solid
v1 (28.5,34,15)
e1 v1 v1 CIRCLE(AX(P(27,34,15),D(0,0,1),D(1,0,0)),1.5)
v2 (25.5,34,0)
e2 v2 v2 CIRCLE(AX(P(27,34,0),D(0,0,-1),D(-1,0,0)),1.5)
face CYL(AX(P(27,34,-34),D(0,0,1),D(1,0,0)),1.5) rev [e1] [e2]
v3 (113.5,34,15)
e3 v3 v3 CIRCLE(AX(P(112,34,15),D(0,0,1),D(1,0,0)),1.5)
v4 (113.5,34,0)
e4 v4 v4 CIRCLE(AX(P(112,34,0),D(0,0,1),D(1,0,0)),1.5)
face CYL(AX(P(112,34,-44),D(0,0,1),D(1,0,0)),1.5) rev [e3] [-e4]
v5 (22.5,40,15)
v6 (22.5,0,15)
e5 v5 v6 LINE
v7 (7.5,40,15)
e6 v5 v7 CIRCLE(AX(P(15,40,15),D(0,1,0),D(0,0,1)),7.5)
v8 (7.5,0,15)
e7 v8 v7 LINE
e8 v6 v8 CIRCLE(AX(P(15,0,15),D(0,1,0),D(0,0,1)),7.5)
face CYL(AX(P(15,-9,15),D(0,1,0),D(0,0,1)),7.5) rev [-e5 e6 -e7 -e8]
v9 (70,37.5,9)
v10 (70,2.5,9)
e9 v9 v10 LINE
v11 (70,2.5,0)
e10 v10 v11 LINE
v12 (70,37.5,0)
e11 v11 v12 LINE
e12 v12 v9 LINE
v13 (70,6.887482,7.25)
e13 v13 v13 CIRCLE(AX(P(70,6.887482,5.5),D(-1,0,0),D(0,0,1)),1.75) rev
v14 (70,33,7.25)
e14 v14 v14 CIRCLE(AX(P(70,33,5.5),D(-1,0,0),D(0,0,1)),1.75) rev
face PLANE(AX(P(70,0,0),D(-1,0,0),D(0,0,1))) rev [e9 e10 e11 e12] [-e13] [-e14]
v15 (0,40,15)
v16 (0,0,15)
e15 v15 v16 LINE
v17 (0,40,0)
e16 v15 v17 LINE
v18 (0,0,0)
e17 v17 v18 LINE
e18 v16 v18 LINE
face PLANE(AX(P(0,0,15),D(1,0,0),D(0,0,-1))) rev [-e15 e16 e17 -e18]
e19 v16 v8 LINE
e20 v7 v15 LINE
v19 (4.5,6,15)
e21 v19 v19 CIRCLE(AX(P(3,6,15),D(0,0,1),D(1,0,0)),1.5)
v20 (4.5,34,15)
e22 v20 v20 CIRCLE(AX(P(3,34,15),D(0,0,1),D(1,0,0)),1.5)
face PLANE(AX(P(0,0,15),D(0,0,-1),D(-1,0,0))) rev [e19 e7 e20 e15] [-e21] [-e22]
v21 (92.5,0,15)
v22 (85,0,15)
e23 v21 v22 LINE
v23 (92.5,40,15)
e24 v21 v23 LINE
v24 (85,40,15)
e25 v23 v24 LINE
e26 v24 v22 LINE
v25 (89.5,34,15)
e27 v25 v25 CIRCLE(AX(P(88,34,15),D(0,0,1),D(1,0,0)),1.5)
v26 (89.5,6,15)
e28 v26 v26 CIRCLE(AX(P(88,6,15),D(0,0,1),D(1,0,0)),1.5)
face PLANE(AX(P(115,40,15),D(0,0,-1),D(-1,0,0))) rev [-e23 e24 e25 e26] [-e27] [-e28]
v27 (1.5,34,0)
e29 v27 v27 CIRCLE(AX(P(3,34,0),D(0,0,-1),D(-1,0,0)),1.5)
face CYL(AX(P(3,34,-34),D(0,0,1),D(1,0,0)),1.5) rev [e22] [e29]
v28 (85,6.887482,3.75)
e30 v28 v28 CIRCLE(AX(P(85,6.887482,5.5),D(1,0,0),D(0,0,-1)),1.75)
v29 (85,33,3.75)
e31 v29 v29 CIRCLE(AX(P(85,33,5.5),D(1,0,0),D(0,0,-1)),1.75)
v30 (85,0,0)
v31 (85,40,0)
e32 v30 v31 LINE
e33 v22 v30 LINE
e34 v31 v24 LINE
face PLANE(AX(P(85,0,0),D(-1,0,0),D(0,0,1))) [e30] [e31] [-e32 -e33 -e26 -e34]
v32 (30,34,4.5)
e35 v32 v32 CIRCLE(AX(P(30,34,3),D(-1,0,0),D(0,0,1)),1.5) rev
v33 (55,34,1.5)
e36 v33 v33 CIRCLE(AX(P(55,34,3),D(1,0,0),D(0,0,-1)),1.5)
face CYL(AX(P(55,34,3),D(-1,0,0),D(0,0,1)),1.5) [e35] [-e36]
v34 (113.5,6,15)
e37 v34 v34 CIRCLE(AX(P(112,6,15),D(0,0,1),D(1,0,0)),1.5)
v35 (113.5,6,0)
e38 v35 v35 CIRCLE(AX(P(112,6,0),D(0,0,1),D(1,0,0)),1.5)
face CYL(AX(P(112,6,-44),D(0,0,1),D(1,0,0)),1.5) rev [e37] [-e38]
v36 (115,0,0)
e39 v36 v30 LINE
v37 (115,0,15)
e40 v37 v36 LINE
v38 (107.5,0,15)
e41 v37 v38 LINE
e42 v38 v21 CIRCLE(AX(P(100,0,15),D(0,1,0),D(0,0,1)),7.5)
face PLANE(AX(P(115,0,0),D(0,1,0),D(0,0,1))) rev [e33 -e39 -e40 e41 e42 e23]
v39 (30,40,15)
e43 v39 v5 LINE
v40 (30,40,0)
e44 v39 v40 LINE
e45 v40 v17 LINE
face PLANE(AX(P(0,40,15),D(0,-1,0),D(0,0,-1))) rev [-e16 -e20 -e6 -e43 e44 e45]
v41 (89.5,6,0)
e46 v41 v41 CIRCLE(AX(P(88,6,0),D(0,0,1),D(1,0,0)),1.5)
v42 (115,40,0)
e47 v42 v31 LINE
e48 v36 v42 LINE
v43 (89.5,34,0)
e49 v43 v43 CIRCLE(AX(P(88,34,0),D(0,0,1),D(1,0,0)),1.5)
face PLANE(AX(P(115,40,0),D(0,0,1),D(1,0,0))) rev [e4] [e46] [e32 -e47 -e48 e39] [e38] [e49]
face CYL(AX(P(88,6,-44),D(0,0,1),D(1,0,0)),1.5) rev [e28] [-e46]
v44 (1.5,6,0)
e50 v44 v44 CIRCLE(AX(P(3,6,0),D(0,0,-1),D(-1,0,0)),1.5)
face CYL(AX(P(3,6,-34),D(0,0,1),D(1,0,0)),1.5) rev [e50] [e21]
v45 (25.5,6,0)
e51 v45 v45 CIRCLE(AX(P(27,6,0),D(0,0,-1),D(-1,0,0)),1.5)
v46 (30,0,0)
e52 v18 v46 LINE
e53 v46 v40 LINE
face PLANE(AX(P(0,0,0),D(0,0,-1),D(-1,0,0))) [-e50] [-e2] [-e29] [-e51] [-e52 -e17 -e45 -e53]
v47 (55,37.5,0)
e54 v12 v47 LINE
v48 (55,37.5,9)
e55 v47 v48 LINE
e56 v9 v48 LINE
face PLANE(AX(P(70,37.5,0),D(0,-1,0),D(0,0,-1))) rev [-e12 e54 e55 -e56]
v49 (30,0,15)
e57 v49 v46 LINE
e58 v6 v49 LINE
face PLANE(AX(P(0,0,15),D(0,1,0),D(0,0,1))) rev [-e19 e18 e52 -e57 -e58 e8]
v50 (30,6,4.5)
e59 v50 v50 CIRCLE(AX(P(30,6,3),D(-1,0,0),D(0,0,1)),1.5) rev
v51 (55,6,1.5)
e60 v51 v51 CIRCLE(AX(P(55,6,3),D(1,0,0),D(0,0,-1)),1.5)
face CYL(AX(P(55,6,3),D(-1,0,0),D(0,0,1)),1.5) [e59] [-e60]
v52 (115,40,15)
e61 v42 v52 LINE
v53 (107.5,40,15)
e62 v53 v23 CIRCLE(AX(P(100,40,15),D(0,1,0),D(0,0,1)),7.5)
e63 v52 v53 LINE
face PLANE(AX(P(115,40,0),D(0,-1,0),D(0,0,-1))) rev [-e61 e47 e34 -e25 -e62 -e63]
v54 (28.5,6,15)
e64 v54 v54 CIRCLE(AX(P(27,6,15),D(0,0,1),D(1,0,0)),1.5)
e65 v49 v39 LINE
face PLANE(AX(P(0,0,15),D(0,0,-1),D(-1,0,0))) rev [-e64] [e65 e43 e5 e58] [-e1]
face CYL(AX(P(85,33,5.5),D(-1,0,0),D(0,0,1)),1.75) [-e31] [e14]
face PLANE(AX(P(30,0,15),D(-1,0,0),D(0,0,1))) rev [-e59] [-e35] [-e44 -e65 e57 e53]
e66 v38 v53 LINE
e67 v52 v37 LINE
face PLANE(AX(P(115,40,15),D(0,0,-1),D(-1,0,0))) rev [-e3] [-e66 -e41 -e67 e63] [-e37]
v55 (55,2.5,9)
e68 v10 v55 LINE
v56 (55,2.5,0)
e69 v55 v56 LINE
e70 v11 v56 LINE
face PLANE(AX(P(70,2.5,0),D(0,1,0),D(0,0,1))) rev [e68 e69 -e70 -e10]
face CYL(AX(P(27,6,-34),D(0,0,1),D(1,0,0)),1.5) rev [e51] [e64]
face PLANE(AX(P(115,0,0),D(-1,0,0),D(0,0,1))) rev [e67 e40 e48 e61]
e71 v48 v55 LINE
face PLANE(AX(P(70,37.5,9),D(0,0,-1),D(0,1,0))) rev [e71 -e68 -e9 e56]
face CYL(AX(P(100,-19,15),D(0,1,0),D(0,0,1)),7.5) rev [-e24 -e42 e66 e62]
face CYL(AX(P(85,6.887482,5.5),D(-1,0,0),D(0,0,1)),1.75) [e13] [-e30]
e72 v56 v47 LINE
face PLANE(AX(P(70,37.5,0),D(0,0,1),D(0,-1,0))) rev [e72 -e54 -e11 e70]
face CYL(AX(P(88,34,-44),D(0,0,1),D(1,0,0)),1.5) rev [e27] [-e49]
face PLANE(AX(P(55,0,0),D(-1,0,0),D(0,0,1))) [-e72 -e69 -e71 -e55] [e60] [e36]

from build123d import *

# Parameters (mm, degrees)
SKETCH1_W           = 30
SKETCH1_H           = 40
BOSS_EXTRUDE1_DEPTH = 15
CUT_EXTRUDE1_DEPTH  = 49
SKETCH3_R           = 1.5
CUT_EXTRUDE2_DEPTH  = 49
SKETCH4_R           = 1.5
BOSS_EXTRUDE2_DEPTH = 25
SKETCH5_W           = 9
SKETCH5_H           = 35
BOSS_EXTRUDE3_DEPTH = 15
SKETCH6_R           = 1.75
BOSS_EXTRUDE4_DEPTH = 15
SKETCH7_W           = 15
SKETCH7_H           = 40
BOSS_EXTRUDE6_DEPTH = 30
CUT_EXTRUDE3_DEPTH  = 59
SKETCH10_R          = 1.5
CUT_EXTRUDE4_DEPTH  = 59


with BuildPart() as part:
    # Sketch1 → Boss-Extrude1 (new body)
    with BuildSketch(Plane.XY):
        with Locations((15, 20)):
            Rectangle(SKETCH1_W, SKETCH1_H)
    extrude(amount=BOSS_EXTRUDE1_DEPTH)

    # Sketch2 → Cut-Extrude1 (cut)
    with BuildSketch(Plane(origin=(0, 40, 0), x_dir=(1, 0, 0), z_dir=(0, 1, 0))):
        with BuildLine():
            Line((7.5, -15), (22.5, -15))
            ThreePointArc((22.5, -15), (15, -7.5), (7.5, -15))
        make_face()
    extrude(amount=-CUT_EXTRUDE1_DEPTH, mode=Mode.SUBTRACT)

    # Sketch3 → Cut-Extrude2 (cut)
    with BuildSketch(Plane.XY.offset(15)):
        with Locations((3, 34)):
            Circle(SKETCH3_R)
        with Locations((3, 6)):
            Circle(SKETCH3_R)
        with Locations((27, 34)):
            Circle(SKETCH3_R)
        with Locations((27, 6)):
            Circle(SKETCH3_R)
    extrude(amount=-CUT_EXTRUDE2_DEPTH, mode=Mode.SUBTRACT)

    # Sketch4 → Boss-Extrude2 (add)
    with BuildSketch(Plane(origin=(30, 0, 0), x_dir=(0, 0, -1), z_dir=(1, 0, 0))):
        with Locations(Location((-3, 34, 0), (0, 0, 180))):
            Circle(SKETCH4_R)
        with Locations(Location((-3, 6, 0), (0, 0, 180))):
            Circle(SKETCH4_R)
    extrude(amount=BOSS_EXTRUDE2_DEPTH)

    # Sketch5 → Boss-Extrude3 (add)
    with BuildSketch(Plane(origin=(55, 0, 0), x_dir=(0, 0, -1), z_dir=(1, 0, 0))):
        with Locations((-4.5, 20)):
            Rectangle(SKETCH5_W, SKETCH5_H)
    extrude(amount=BOSS_EXTRUDE3_DEPTH)

    # Sketch6 → Boss-Extrude4 (add)
    with BuildSketch(Plane(origin=(70, 0, 0), x_dir=(0, 0, -1), z_dir=(1, 0, 0))):
        with Locations(Location((-5.5, 33, 0), (0, 0, 180))):
            Circle(SKETCH6_R)
        with Locations(Location((-5.5, 6.887482194, 0), (0, 0, 180))):
            Circle(SKETCH6_R)
    extrude(amount=BOSS_EXTRUDE4_DEPTH)

    # Sketch7 → Boss-Extrude6 (add)
    with BuildSketch(Plane(origin=(85, 0, 0), x_dir=(0, 0, -1), z_dir=(1, 0, 0))):
        with Locations((-7.5, 20)):
            Rectangle(SKETCH7_W, SKETCH7_H)
    extrude(amount=BOSS_EXTRUDE6_DEPTH)

    # Sketch9 → Cut-Extrude3 (cut)
    with BuildSketch(Plane(origin=(0, 40, 0), x_dir=(1, 0, 0), z_dir=(0, 1, 0))):
        with BuildLine():
            Line((92.5, -15), (107.5, -15))
            ThreePointArc((107.5, -15), (100, -7.5), (92.5, -15))
        make_face()
    extrude(amount=-CUT_EXTRUDE3_DEPTH, mode=Mode.SUBTRACT)

    # Sketch10 → Cut-Extrude4 (cut)
    with BuildSketch(Plane.XY.offset(15)):
        with Locations((88, 34)):
            Circle(SKETCH10_R)
        with Locations((112, 34)):
            Circle(SKETCH10_R)
        with Locations((112, 6)):
            Circle(SKETCH10_R)
        with Locations((88, 6)):
            Circle(SKETCH10_R)
    extrude(amount=-CUT_EXTRUDE4_DEPTH, mode=Mode.SUBTRACT)


solid = part.part
